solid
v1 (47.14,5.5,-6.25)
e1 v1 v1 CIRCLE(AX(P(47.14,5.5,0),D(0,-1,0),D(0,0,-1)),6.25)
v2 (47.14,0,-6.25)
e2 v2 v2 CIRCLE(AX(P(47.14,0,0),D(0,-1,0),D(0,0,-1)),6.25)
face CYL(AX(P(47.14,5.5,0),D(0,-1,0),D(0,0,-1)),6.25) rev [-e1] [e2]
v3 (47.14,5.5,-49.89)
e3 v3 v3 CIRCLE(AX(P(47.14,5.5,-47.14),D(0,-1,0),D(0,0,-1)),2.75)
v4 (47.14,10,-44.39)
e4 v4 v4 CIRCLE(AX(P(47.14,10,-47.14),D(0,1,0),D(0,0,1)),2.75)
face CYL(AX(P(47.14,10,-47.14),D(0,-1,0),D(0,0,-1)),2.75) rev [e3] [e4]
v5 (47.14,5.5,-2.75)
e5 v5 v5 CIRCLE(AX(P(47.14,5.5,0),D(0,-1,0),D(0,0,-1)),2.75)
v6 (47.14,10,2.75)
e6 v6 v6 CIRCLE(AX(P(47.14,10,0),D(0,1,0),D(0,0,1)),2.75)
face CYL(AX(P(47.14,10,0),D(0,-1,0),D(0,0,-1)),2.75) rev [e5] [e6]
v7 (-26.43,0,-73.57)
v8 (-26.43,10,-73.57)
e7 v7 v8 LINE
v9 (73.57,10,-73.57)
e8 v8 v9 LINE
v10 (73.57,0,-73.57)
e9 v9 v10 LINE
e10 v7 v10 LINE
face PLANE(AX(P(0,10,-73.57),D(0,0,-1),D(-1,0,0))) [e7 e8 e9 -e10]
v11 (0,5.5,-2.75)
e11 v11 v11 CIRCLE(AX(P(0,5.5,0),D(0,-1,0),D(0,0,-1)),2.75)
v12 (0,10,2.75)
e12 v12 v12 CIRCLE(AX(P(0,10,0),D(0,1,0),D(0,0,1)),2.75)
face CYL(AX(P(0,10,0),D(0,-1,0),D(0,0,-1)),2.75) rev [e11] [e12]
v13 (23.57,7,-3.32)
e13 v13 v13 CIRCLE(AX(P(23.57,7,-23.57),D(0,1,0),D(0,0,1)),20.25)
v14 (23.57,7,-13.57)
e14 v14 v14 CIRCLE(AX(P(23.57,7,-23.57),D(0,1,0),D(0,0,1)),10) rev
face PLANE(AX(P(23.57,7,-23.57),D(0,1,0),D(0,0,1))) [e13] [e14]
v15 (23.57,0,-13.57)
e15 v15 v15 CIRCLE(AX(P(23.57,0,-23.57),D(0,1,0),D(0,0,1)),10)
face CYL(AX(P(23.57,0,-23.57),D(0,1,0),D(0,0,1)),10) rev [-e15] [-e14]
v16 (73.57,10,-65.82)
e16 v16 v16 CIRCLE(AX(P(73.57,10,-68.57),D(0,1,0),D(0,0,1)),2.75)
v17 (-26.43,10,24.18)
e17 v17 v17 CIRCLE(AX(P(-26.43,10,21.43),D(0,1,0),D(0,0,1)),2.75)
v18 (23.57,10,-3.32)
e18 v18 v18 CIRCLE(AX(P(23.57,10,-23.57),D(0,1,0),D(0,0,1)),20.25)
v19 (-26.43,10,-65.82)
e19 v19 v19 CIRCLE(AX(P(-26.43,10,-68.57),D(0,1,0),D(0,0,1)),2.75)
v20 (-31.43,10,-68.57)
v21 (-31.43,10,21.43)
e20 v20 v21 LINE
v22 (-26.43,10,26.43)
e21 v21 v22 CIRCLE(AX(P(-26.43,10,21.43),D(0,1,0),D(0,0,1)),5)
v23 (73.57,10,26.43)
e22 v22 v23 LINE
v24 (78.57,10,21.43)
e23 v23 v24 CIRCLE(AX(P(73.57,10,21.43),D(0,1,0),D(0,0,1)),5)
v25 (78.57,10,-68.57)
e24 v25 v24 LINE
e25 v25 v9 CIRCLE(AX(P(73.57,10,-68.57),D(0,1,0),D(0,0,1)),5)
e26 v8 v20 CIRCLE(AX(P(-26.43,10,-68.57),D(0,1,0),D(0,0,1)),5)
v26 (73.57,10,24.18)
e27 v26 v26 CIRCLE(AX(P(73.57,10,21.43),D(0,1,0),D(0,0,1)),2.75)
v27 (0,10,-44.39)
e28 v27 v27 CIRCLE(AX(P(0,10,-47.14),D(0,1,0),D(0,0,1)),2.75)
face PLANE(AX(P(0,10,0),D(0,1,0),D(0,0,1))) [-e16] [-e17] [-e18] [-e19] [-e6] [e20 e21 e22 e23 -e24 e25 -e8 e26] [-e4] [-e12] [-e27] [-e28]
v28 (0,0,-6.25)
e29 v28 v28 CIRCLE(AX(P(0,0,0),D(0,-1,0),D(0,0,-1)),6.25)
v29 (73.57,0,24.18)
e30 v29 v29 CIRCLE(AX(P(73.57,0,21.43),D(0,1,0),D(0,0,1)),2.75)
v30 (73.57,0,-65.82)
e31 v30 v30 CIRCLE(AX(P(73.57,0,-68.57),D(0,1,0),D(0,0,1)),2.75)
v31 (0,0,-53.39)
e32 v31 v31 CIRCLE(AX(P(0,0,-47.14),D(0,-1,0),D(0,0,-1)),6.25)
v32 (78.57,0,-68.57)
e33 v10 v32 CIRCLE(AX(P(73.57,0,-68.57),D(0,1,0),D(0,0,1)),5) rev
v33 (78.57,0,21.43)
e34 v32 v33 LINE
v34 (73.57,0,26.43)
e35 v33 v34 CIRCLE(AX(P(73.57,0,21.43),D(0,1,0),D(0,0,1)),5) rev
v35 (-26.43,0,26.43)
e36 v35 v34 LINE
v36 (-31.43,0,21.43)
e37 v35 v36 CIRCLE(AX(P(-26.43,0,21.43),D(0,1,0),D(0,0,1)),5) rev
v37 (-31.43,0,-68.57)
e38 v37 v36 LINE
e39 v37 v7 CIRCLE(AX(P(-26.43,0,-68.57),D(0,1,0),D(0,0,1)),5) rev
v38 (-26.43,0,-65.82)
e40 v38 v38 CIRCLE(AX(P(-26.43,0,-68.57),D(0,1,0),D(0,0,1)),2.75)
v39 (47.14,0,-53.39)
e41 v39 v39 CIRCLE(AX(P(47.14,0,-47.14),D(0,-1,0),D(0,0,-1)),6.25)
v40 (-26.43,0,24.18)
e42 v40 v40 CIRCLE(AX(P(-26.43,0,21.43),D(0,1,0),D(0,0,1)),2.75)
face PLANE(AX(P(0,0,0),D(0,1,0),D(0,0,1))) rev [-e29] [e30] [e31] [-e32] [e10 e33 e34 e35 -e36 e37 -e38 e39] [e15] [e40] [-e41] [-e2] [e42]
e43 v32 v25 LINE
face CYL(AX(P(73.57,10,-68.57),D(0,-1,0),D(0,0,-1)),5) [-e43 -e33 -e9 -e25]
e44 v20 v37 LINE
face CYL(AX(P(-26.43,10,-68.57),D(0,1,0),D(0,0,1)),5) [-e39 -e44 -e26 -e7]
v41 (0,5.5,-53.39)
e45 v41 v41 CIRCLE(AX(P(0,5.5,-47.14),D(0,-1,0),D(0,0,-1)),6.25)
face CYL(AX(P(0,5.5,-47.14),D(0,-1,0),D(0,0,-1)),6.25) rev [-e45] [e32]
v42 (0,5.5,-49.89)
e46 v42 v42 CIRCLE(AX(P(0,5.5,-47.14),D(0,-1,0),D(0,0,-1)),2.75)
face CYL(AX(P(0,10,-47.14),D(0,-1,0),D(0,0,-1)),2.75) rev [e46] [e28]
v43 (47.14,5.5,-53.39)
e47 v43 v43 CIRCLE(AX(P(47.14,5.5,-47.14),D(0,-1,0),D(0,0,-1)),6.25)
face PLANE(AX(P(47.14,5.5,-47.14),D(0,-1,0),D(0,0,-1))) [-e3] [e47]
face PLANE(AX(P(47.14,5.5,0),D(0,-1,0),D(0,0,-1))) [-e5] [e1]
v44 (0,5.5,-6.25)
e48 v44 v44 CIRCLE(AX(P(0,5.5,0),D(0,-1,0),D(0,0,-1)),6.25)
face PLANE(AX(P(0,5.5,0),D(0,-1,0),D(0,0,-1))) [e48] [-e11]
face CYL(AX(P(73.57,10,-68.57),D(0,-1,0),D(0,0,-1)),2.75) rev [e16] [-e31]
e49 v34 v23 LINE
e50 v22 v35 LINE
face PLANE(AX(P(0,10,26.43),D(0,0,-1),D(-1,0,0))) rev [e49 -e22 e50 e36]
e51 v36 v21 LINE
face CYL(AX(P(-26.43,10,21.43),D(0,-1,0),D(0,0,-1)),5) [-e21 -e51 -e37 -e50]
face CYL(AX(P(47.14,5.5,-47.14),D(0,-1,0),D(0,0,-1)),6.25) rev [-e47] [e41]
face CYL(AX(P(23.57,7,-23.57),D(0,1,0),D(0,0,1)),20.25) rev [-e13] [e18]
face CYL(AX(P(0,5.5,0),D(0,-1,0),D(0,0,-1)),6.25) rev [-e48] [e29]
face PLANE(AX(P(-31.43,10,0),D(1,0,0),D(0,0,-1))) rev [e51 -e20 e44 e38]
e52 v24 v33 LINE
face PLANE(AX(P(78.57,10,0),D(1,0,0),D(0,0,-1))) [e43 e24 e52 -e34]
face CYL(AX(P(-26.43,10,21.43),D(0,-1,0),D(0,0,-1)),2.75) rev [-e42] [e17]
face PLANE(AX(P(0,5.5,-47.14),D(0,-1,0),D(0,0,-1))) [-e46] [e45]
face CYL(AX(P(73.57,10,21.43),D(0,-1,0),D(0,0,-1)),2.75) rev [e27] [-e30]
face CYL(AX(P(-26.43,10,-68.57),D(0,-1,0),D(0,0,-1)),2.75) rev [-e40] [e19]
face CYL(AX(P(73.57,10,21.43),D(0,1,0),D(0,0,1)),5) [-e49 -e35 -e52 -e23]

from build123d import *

# Parameters (mm, degrees)
SKETCH2_W           = 110
SKETCH2_H           = 100
SKETCH2_R           = 2.75
BOSS_EXTRUDE1_DEPTH = 10
SKETCH3_R           = 10
CUT_EXTRUDE1_DEPTH  = 10
SKETCH4_R           = 20.25
CUT_EXTRUDE2_DEPTH  = 3
SKETCH5_R           = 6.25
CUT_EXTRUDE3_DEPTH  = 5.5
FILLET1_R           = 5


with BuildPart() as part:
    # Sketch2 → Boss-Extrude1 (new body)
    with BuildSketch(Plane(origin=(0, 0, 0), x_dir=(1, 0, 0), z_dir=(0, 1, 0))):
        with Locations((23.57, 23.57)):
            Rectangle(SKETCH2_W, SKETCH2_H)
        with Locations(Location((0, 47.14, 0), (0, 0, 270))):
            Circle(SKETCH2_R, mode=Mode.SUBTRACT)
        with Locations(Location((47.14, 47.14, 0), (0, 0, 270))):
            Circle(SKETCH2_R, mode=Mode.SUBTRACT)
        with Locations(Location((47.14, 0, 0), (0, 0, 270))):
            Circle(SKETCH2_R, mode=Mode.SUBTRACT)
        with Locations(Location((0, 0, 0), (0, 0, 270))):
            Circle(SKETCH2_R, mode=Mode.SUBTRACT)
        with Locations(Location((-26.43, 68.57, 0), (0, 0, 270))):
            Circle(SKETCH2_R, mode=Mode.SUBTRACT)
        with Locations(Location((73.57, 68.57, 0), (0, 0, 270))):
            Circle(SKETCH2_R, mode=Mode.SUBTRACT)
        with Locations(Location((73.57, -21.43, 0), (0, 0, 270))):
            Circle(SKETCH2_R, mode=Mode.SUBTRACT)
        with Locations(Location((-26.43, -21.43, 0), (0, 0, 270))):
            Circle(SKETCH2_R, mode=Mode.SUBTRACT)
    extrude(amount=BOSS_EXTRUDE1_DEPTH)

    # Sketch3 → Cut-Extrude1 (cut)
    with BuildSketch(Plane(origin=(0, 10, 0), x_dir=(1, 0, 0), z_dir=(0, 1, 0))):
        with Locations(Location((23.57, 23.57, 0), (0, 0, 270))):
            Circle(SKETCH3_R)
    extrude(amount=-CUT_EXTRUDE1_DEPTH, mode=Mode.SUBTRACT)

    # Sketch4 → Cut-Extrude2 (cut)
    with BuildSketch(Plane(origin=(0, 10, 0), x_dir=(1, 0, 0), z_dir=(0, 1, 0))):
        with Locations(Location((23.57, 23.57, 0), (0, 0, 270))):
            Circle(SKETCH4_R)
    extrude(amount=-CUT_EXTRUDE2_DEPTH, mode=Mode.SUBTRACT)

    # Sketch5 → Cut-Extrude3 (cut)
    with BuildSketch(Plane.XZ):
        with Locations(Location((0, 0, 0), (0, 0, 270))):
            Circle(SKETCH5_R)
        with Locations(Location((47.14, 0, 0), (0, 0, 270))):
            Circle(SKETCH5_R)
        with Locations(Location((47.14, -47.14, 0), (0, 0, 270))):
            Circle(SKETCH5_R)
        with Locations(Location((0, -47.14, 0), (0, 0, 270))):
            Circle(SKETCH5_R)
    extrude(amount=-CUT_EXTRUDE3_DEPTH, mode=Mode.SUBTRACT)

    # Fillet1
    fillet1_edges = [part.edges().sort_by_distance(p)[0] for p in [
        (78.57, 5, 26.43),
        (-31.43, 5, 26.43),
        (-31.43, 5, -73.57),
        (78.57, 5, -73.57),
    ]]
    fillet(fillet1_edges, radius=FILLET1_R)


solid = part.part
